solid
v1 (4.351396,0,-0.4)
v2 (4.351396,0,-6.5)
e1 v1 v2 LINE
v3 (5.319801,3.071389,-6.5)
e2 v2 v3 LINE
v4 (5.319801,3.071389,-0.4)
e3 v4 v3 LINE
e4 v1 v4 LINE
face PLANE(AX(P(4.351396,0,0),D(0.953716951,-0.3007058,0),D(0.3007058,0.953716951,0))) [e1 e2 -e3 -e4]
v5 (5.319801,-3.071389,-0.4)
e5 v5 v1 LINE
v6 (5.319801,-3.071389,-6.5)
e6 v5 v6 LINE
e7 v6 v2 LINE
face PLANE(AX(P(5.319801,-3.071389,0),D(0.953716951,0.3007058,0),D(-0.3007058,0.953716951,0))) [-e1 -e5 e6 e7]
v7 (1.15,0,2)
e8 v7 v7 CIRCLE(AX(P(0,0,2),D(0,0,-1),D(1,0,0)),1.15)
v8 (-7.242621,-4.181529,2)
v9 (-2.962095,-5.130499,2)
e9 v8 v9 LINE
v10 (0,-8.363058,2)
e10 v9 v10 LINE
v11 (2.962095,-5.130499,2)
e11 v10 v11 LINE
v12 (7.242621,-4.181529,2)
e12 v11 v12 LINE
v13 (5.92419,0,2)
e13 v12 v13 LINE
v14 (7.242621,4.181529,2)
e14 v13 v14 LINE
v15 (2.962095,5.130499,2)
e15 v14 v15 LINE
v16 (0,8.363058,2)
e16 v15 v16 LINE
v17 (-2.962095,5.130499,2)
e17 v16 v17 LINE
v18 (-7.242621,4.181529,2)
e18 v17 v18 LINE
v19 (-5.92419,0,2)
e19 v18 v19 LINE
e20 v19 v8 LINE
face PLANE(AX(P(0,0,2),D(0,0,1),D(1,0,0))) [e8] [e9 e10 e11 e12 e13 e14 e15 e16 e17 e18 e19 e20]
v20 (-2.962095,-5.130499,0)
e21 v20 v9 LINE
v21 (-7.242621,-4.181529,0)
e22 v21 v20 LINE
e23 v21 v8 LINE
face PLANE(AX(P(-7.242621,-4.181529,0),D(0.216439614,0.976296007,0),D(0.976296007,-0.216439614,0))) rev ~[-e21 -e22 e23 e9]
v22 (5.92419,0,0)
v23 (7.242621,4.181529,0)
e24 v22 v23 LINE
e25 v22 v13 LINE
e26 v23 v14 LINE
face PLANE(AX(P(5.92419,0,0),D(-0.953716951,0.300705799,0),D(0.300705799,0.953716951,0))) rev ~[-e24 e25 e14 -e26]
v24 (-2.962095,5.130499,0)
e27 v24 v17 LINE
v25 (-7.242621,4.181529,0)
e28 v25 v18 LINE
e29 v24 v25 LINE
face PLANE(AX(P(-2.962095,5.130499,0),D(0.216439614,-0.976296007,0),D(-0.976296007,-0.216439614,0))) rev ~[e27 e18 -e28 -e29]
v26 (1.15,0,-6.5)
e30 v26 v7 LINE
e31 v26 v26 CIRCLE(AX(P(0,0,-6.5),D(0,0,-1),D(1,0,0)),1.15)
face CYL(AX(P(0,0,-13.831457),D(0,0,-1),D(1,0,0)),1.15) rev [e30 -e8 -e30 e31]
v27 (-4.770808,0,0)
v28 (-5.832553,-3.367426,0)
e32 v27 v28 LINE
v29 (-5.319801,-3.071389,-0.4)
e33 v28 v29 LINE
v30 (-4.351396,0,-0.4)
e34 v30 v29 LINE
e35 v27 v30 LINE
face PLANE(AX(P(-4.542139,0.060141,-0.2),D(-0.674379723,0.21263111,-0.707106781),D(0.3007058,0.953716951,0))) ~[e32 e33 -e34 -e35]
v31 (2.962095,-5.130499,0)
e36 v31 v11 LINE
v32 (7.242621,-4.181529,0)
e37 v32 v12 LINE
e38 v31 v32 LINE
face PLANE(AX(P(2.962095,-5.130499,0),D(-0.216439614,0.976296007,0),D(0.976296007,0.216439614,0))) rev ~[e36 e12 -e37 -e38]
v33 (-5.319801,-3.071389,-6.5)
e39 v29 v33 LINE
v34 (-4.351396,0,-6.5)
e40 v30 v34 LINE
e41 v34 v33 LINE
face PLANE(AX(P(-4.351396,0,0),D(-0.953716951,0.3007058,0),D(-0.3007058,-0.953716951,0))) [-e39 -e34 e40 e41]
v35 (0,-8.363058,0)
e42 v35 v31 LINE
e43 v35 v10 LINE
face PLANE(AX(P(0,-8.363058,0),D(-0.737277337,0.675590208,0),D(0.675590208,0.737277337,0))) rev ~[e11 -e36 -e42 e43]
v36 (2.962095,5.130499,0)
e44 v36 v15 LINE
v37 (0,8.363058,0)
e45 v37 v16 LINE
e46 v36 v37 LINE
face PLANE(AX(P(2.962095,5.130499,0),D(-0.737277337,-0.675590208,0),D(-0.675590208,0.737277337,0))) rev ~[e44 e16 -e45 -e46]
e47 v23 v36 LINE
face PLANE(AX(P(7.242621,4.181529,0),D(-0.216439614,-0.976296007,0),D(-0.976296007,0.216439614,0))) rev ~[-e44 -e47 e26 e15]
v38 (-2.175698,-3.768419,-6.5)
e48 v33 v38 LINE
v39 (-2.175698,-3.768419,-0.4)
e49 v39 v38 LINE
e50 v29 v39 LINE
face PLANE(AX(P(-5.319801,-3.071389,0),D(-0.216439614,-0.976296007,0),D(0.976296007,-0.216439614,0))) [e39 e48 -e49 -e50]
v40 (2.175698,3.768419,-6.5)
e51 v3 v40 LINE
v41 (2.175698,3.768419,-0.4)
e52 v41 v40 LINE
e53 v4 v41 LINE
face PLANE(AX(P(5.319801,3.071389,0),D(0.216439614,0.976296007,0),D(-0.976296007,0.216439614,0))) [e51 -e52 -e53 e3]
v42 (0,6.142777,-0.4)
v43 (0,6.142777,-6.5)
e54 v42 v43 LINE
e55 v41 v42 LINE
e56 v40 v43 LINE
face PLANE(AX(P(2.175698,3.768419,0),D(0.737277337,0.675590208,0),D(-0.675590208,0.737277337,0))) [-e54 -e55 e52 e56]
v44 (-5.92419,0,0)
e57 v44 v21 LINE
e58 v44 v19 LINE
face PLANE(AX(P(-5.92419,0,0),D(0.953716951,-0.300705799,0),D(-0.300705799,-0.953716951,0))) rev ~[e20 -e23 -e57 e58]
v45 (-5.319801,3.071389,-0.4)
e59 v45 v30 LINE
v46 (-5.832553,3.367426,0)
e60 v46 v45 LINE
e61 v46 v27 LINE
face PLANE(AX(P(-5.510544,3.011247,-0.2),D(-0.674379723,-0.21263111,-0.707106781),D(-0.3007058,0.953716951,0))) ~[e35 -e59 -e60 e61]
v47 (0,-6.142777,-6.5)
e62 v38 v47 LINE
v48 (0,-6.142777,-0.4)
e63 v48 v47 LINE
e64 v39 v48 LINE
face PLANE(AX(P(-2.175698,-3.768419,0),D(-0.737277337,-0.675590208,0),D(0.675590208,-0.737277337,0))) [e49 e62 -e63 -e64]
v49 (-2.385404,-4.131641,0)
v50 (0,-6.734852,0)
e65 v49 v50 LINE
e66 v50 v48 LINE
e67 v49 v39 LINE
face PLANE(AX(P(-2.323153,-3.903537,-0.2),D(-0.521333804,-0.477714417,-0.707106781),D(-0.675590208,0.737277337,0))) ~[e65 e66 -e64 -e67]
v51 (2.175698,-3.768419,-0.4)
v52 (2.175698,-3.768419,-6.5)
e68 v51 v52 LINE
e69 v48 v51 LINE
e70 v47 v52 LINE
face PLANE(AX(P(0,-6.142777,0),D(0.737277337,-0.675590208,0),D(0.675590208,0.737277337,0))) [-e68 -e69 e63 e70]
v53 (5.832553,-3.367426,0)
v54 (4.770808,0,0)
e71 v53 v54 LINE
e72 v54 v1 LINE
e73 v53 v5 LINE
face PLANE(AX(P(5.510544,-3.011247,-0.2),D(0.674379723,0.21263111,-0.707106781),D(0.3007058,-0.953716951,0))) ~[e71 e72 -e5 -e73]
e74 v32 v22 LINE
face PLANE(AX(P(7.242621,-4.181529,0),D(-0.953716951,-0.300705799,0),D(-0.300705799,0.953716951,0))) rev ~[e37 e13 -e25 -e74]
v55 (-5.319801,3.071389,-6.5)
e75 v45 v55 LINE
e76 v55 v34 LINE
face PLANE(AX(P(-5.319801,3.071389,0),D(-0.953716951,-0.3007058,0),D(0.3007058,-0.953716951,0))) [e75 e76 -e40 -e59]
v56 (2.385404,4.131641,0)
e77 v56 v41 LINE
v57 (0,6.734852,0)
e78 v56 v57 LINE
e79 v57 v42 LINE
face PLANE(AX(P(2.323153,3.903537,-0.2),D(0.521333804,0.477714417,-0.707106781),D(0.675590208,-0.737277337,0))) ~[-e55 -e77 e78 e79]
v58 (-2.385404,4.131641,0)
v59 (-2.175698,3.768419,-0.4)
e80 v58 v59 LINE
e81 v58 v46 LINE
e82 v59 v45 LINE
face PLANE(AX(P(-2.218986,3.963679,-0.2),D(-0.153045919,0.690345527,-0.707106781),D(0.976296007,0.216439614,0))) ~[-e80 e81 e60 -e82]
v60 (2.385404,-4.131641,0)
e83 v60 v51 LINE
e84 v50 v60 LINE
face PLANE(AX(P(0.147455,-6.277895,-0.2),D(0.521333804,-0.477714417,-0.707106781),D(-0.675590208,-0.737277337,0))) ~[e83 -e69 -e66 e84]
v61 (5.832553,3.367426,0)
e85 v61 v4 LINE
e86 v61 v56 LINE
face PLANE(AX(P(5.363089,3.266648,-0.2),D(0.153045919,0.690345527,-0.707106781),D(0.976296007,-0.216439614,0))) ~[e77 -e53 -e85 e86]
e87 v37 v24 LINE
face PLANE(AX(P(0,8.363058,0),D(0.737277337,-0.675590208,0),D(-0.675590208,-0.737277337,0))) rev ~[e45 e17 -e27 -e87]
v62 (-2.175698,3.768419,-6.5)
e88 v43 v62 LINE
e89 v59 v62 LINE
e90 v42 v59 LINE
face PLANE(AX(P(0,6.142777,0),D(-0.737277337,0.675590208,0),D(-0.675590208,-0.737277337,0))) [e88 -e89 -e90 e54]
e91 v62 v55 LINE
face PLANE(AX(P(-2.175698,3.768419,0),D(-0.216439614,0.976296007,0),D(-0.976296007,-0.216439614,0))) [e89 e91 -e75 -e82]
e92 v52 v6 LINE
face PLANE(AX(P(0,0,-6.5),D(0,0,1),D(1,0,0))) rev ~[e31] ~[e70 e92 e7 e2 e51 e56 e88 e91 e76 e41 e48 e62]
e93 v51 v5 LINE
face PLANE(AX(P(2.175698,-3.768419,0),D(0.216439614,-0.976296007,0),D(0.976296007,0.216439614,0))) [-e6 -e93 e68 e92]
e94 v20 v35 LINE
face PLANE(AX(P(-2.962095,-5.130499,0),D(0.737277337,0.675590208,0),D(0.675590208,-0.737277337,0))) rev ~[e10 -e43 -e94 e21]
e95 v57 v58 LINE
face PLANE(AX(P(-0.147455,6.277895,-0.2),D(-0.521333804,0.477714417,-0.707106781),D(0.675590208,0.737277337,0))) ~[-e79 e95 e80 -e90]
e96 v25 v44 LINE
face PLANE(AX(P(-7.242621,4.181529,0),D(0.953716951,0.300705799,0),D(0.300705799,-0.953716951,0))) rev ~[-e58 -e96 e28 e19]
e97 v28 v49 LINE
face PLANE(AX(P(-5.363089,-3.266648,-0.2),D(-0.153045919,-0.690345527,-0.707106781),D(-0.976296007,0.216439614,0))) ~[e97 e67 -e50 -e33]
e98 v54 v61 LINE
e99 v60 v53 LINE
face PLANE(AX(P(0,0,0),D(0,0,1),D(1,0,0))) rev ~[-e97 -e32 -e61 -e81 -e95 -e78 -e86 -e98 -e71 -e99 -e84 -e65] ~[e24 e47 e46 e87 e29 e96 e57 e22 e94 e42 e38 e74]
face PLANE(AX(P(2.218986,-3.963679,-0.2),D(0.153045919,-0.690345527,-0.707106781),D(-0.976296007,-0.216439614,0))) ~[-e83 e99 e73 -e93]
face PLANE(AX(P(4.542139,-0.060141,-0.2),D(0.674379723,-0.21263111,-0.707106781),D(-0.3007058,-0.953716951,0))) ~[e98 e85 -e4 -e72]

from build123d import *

# Parameters (mm, degrees)
BOSS_EXTRUDE1_DEPTH     = 6.5
BOSS_EXTRUDE2_DEPTH     = 2
CUT_EXTRUDE1_DEPTH      = 13.83145703
CUT_EXTRUDE1_DEPTH_BACK = 13.83145703
SKETCH1_4_R             = 1.15
CHAMFER1_SIZE           = 0.4


with BuildPart() as part:
    # Sketch1 → Boss-Extrude1 (new body)
    with BuildSketch(Plane.XY):
        Polygon((2.175697935, 3.768419365), (0, 6.142777017), (-2.175697935, 3.768419365), (-5.319800946, 3.071388508), (-4.351395869, 0), (-5.319800946, -3.071388508), (-2.175697935, -3.768419365), (0, -6.142777017), (2.175697935, -3.768419365), (5.319800946, -3.071388508), (4.351395869, 0), (5.319800946, 3.071388508), align=None)
    extrude(amount=-BOSS_EXTRUDE1_DEPTH)

    # Sketch2 → Boss-Extrude2 (add)
    with BuildSketch(Plane.XY):
        Polygon((7.242620565, 4.181528933), (2.962094779, 5.130498653), (0, 8.363057866), (-2.962094779, 5.130498653), (-7.242620565, 4.181528933), (-5.924189557, 0), (-7.242620565, -4.181528933), (-2.962094779, -5.130498653), (0, -8.363057866), (2.962094779, -5.130498653), (7.242620565, -4.181528933), (5.924189557, 0), align=None)
    extrude(amount=BOSS_EXTRUDE2_DEPTH)

    # Sketch1<4> → Cut-Extrude1 (cut, two sides: drawn at the far end of the back side and taken through both)
    with BuildSketch(Plane.XY.offset(-CUT_EXTRUDE1_DEPTH_BACK)):
        Circle(SKETCH1_4_R)
    extrude(amount=CUT_EXTRUDE1_DEPTH + CUT_EXTRUDE1_DEPTH_BACK, mode=Mode.SUBTRACT)

    # Chamfer1
    chamfer1_edges = [part.edges().sort_by_distance(p)[0] for p in [
        (3.74774944, -3.419903937, 0),
        (1.087848967, -4.955598191, 0),
        (-1.087848967, -4.955598191, 0),
        (-3.74774944, -3.419903937, 0),
        (-4.835598408, -1.535694254, 0),
        (-4.835598408, 1.535694254, 0),
        (-3.74774944, 3.419903937, 0),
        (4.835598408, -1.535694254, 0),
        (4.835598408, 1.535694254, 0),
        (3.74774944, 3.419903937, 0),
        (1.087848967, 4.955598191, 0),
        (-1.087848967, 4.955598191, 0),
    ]]
    chamfer(chamfer1_edges, length=CHAMFER1_SIZE)


solid = part.part
